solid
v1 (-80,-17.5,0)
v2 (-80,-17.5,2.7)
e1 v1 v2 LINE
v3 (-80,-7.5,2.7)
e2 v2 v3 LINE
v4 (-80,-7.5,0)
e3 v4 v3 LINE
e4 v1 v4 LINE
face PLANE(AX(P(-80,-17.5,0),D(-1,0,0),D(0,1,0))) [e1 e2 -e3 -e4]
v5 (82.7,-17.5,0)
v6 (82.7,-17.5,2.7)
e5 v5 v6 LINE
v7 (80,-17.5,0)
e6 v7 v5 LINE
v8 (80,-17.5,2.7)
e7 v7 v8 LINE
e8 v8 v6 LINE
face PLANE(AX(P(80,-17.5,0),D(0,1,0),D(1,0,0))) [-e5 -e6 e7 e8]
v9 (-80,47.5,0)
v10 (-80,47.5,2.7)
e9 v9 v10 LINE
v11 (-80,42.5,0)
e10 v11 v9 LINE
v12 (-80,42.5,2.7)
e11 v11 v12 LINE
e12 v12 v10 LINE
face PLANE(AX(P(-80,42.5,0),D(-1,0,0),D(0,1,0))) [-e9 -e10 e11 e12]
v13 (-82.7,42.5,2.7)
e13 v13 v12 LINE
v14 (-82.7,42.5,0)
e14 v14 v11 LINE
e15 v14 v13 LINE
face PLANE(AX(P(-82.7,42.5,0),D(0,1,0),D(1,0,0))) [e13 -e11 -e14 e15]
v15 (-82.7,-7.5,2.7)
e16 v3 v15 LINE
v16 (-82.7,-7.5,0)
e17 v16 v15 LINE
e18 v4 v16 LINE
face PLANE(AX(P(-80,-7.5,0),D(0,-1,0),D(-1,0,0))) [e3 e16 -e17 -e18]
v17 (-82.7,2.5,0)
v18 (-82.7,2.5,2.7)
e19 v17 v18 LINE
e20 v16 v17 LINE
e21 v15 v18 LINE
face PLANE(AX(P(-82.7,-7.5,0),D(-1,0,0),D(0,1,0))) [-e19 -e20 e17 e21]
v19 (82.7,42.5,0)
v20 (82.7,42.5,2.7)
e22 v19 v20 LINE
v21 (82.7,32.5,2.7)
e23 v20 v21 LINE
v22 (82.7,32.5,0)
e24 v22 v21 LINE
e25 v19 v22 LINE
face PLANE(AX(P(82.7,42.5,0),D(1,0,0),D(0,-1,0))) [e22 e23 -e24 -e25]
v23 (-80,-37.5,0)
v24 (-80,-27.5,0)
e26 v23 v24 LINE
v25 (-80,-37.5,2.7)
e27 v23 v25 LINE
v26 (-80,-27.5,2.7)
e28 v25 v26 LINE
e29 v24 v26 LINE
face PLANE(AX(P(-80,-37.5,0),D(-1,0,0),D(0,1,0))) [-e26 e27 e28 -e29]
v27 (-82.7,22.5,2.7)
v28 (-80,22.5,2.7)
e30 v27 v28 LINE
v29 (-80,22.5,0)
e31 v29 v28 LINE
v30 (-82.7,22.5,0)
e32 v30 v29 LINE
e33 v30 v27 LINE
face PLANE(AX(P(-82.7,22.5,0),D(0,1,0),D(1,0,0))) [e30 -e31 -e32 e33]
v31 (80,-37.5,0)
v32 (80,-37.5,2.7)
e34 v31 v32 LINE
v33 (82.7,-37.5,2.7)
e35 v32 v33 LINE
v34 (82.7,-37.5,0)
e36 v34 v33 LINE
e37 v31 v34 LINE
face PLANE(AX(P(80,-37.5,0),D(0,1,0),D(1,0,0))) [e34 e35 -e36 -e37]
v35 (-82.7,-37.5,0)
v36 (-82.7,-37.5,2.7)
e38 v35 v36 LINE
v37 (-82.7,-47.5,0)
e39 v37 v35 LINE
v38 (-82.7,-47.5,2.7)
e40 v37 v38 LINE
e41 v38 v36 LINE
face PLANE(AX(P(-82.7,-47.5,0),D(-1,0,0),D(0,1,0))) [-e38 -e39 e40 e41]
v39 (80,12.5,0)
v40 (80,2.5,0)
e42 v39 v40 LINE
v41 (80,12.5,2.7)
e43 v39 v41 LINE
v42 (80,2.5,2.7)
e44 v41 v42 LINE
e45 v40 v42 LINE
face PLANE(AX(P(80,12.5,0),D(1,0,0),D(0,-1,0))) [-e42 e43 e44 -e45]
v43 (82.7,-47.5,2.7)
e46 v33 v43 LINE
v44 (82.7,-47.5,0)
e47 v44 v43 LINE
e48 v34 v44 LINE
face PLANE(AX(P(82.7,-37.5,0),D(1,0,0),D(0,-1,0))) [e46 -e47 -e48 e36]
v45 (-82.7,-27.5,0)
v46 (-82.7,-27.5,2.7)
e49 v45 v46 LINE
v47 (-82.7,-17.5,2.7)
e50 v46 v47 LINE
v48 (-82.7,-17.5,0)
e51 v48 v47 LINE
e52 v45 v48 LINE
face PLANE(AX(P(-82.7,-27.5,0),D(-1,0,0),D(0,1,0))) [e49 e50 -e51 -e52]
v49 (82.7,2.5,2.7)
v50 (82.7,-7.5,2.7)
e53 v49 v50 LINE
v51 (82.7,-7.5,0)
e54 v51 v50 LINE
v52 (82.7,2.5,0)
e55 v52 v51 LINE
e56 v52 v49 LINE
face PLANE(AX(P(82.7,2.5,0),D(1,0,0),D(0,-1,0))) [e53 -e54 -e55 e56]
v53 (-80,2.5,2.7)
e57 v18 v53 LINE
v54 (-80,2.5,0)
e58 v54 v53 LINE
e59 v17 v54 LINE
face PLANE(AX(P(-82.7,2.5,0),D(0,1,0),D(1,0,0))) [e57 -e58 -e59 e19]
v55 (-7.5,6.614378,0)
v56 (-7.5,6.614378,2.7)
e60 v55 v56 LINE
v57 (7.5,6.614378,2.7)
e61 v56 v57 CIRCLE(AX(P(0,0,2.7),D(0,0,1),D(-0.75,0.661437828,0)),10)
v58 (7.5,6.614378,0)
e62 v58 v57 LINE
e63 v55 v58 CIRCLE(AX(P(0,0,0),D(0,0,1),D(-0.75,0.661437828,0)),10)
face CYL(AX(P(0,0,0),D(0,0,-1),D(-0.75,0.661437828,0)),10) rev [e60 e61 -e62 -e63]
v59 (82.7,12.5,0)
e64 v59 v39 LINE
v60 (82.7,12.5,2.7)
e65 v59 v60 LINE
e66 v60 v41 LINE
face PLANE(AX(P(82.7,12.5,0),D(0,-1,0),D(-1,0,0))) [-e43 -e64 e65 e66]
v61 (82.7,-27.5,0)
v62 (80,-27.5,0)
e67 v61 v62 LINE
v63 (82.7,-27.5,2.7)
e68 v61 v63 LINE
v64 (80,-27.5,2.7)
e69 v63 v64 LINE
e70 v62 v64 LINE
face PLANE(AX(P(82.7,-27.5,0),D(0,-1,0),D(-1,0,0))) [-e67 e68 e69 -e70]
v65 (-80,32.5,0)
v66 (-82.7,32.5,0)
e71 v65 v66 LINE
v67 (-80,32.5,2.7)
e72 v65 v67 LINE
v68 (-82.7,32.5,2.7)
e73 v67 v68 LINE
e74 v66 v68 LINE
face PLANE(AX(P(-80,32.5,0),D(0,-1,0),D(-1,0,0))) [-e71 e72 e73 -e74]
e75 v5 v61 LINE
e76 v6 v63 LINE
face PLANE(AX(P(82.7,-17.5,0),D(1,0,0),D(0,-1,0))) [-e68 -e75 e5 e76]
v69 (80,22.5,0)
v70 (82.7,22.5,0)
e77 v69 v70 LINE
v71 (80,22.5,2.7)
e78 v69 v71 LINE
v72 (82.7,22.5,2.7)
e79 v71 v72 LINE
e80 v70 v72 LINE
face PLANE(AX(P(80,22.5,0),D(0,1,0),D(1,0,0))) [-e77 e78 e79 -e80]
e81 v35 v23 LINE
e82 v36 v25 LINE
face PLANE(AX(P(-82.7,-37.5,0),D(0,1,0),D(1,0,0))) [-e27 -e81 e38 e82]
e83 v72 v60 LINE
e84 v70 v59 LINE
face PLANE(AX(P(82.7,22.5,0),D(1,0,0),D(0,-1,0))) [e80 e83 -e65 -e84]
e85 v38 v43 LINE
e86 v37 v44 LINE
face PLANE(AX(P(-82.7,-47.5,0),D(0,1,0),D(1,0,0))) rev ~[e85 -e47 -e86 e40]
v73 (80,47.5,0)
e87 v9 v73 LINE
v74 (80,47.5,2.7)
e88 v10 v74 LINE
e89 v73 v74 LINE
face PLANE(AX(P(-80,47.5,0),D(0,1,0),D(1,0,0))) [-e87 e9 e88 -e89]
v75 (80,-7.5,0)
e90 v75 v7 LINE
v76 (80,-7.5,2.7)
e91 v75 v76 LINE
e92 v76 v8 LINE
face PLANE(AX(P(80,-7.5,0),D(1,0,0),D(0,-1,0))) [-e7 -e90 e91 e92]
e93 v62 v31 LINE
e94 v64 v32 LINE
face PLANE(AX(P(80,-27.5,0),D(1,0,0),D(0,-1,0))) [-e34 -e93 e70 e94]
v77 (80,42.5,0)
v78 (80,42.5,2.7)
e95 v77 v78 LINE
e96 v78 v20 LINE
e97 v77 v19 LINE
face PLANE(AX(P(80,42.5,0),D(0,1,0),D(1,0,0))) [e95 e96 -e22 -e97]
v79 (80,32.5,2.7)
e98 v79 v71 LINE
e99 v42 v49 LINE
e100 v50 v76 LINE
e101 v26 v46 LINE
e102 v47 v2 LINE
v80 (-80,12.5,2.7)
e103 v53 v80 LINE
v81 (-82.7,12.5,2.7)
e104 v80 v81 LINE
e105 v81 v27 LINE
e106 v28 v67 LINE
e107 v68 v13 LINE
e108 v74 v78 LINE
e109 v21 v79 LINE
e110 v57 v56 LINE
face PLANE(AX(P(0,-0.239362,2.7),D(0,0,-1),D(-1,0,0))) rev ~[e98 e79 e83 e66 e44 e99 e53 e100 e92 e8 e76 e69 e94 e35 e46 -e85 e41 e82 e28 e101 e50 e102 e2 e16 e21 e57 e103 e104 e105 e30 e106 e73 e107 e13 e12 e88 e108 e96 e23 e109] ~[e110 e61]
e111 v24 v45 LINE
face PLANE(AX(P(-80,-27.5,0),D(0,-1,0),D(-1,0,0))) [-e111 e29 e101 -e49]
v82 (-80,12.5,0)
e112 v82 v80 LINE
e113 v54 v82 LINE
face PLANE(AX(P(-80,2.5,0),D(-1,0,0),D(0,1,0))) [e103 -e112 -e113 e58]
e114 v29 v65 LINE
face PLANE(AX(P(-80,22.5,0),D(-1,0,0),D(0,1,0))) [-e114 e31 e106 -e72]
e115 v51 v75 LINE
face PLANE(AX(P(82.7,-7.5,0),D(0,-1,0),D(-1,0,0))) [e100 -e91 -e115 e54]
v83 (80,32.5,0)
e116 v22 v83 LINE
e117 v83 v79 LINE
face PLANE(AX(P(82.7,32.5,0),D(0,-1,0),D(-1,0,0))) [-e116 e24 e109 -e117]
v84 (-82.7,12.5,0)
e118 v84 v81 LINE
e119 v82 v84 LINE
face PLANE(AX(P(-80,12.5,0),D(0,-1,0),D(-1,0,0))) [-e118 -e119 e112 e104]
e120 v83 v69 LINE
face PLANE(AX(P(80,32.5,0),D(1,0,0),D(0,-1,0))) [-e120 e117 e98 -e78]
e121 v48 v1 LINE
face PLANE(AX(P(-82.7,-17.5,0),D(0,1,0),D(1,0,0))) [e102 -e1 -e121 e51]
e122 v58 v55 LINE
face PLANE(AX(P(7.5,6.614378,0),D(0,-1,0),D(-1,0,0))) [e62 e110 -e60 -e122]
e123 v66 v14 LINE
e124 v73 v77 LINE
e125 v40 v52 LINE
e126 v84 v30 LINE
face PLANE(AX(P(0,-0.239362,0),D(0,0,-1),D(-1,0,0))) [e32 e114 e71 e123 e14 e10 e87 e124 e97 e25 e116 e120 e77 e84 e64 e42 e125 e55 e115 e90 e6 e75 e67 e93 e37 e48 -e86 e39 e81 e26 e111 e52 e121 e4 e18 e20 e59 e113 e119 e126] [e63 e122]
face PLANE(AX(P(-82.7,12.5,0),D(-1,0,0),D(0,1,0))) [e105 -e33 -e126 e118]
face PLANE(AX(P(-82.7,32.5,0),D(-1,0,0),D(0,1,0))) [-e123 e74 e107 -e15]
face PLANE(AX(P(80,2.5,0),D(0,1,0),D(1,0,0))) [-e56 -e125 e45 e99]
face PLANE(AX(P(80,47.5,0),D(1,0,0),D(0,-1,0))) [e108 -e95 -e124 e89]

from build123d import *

# Parameters (mm, degrees)
BOSS_EXTRUDE1_DEPTH = 2.7


with BuildPart() as part:
    # Sketch1 → Boss-Extrude1 (new body)
    with BuildSketch(Plane.XY):
        Polygon((80, -17.5), (82.7, -17.5), (82.7, -27.5), (80, -27.5), (80, -37.5), (82.7, -37.5), (82.7, -47.5), (80, -47.5), (-80, -47.5), (-82.7, -47.5), (-82.7, -37.5), (-80, -37.5), (-80, -27.5), (-82.7, -27.5), (-82.7, -17.5), (-80, -17.5), (-80, -7.5), (-82.7, -7.5), (-82.7, 2.5), (-80, 2.5), (-80, 12.5), (-82.7, 12.5), (-82.7, 22.5), (-80, 22.5), (-80, 32.5), (-82.7, 32.5), (-82.7, 42.5), (-80, 42.5), (-80, 47.5), (80, 47.5), (80, 42.5), (82.7, 42.5), (82.7, 32.5), (80, 32.5), (80, 22.5), (82.7, 22.5), (82.7, 12.5), (80, 12.5), (80, 2.5), (82.7, 2.5), (82.7, -7.5), (80, -7.5), align=None)
        with BuildLine():
            ThreePointArc((-7.5, 6.614378278), (0, -10), (7.5, 6.614378278))
            Line((7.5, 6.614378278), (-7.5, 6.614378278))
        make_face(mode=Mode.SUBTRACT)
    extrude(amount=BOSS_EXTRUDE1_DEPTH)


solid = part.part
